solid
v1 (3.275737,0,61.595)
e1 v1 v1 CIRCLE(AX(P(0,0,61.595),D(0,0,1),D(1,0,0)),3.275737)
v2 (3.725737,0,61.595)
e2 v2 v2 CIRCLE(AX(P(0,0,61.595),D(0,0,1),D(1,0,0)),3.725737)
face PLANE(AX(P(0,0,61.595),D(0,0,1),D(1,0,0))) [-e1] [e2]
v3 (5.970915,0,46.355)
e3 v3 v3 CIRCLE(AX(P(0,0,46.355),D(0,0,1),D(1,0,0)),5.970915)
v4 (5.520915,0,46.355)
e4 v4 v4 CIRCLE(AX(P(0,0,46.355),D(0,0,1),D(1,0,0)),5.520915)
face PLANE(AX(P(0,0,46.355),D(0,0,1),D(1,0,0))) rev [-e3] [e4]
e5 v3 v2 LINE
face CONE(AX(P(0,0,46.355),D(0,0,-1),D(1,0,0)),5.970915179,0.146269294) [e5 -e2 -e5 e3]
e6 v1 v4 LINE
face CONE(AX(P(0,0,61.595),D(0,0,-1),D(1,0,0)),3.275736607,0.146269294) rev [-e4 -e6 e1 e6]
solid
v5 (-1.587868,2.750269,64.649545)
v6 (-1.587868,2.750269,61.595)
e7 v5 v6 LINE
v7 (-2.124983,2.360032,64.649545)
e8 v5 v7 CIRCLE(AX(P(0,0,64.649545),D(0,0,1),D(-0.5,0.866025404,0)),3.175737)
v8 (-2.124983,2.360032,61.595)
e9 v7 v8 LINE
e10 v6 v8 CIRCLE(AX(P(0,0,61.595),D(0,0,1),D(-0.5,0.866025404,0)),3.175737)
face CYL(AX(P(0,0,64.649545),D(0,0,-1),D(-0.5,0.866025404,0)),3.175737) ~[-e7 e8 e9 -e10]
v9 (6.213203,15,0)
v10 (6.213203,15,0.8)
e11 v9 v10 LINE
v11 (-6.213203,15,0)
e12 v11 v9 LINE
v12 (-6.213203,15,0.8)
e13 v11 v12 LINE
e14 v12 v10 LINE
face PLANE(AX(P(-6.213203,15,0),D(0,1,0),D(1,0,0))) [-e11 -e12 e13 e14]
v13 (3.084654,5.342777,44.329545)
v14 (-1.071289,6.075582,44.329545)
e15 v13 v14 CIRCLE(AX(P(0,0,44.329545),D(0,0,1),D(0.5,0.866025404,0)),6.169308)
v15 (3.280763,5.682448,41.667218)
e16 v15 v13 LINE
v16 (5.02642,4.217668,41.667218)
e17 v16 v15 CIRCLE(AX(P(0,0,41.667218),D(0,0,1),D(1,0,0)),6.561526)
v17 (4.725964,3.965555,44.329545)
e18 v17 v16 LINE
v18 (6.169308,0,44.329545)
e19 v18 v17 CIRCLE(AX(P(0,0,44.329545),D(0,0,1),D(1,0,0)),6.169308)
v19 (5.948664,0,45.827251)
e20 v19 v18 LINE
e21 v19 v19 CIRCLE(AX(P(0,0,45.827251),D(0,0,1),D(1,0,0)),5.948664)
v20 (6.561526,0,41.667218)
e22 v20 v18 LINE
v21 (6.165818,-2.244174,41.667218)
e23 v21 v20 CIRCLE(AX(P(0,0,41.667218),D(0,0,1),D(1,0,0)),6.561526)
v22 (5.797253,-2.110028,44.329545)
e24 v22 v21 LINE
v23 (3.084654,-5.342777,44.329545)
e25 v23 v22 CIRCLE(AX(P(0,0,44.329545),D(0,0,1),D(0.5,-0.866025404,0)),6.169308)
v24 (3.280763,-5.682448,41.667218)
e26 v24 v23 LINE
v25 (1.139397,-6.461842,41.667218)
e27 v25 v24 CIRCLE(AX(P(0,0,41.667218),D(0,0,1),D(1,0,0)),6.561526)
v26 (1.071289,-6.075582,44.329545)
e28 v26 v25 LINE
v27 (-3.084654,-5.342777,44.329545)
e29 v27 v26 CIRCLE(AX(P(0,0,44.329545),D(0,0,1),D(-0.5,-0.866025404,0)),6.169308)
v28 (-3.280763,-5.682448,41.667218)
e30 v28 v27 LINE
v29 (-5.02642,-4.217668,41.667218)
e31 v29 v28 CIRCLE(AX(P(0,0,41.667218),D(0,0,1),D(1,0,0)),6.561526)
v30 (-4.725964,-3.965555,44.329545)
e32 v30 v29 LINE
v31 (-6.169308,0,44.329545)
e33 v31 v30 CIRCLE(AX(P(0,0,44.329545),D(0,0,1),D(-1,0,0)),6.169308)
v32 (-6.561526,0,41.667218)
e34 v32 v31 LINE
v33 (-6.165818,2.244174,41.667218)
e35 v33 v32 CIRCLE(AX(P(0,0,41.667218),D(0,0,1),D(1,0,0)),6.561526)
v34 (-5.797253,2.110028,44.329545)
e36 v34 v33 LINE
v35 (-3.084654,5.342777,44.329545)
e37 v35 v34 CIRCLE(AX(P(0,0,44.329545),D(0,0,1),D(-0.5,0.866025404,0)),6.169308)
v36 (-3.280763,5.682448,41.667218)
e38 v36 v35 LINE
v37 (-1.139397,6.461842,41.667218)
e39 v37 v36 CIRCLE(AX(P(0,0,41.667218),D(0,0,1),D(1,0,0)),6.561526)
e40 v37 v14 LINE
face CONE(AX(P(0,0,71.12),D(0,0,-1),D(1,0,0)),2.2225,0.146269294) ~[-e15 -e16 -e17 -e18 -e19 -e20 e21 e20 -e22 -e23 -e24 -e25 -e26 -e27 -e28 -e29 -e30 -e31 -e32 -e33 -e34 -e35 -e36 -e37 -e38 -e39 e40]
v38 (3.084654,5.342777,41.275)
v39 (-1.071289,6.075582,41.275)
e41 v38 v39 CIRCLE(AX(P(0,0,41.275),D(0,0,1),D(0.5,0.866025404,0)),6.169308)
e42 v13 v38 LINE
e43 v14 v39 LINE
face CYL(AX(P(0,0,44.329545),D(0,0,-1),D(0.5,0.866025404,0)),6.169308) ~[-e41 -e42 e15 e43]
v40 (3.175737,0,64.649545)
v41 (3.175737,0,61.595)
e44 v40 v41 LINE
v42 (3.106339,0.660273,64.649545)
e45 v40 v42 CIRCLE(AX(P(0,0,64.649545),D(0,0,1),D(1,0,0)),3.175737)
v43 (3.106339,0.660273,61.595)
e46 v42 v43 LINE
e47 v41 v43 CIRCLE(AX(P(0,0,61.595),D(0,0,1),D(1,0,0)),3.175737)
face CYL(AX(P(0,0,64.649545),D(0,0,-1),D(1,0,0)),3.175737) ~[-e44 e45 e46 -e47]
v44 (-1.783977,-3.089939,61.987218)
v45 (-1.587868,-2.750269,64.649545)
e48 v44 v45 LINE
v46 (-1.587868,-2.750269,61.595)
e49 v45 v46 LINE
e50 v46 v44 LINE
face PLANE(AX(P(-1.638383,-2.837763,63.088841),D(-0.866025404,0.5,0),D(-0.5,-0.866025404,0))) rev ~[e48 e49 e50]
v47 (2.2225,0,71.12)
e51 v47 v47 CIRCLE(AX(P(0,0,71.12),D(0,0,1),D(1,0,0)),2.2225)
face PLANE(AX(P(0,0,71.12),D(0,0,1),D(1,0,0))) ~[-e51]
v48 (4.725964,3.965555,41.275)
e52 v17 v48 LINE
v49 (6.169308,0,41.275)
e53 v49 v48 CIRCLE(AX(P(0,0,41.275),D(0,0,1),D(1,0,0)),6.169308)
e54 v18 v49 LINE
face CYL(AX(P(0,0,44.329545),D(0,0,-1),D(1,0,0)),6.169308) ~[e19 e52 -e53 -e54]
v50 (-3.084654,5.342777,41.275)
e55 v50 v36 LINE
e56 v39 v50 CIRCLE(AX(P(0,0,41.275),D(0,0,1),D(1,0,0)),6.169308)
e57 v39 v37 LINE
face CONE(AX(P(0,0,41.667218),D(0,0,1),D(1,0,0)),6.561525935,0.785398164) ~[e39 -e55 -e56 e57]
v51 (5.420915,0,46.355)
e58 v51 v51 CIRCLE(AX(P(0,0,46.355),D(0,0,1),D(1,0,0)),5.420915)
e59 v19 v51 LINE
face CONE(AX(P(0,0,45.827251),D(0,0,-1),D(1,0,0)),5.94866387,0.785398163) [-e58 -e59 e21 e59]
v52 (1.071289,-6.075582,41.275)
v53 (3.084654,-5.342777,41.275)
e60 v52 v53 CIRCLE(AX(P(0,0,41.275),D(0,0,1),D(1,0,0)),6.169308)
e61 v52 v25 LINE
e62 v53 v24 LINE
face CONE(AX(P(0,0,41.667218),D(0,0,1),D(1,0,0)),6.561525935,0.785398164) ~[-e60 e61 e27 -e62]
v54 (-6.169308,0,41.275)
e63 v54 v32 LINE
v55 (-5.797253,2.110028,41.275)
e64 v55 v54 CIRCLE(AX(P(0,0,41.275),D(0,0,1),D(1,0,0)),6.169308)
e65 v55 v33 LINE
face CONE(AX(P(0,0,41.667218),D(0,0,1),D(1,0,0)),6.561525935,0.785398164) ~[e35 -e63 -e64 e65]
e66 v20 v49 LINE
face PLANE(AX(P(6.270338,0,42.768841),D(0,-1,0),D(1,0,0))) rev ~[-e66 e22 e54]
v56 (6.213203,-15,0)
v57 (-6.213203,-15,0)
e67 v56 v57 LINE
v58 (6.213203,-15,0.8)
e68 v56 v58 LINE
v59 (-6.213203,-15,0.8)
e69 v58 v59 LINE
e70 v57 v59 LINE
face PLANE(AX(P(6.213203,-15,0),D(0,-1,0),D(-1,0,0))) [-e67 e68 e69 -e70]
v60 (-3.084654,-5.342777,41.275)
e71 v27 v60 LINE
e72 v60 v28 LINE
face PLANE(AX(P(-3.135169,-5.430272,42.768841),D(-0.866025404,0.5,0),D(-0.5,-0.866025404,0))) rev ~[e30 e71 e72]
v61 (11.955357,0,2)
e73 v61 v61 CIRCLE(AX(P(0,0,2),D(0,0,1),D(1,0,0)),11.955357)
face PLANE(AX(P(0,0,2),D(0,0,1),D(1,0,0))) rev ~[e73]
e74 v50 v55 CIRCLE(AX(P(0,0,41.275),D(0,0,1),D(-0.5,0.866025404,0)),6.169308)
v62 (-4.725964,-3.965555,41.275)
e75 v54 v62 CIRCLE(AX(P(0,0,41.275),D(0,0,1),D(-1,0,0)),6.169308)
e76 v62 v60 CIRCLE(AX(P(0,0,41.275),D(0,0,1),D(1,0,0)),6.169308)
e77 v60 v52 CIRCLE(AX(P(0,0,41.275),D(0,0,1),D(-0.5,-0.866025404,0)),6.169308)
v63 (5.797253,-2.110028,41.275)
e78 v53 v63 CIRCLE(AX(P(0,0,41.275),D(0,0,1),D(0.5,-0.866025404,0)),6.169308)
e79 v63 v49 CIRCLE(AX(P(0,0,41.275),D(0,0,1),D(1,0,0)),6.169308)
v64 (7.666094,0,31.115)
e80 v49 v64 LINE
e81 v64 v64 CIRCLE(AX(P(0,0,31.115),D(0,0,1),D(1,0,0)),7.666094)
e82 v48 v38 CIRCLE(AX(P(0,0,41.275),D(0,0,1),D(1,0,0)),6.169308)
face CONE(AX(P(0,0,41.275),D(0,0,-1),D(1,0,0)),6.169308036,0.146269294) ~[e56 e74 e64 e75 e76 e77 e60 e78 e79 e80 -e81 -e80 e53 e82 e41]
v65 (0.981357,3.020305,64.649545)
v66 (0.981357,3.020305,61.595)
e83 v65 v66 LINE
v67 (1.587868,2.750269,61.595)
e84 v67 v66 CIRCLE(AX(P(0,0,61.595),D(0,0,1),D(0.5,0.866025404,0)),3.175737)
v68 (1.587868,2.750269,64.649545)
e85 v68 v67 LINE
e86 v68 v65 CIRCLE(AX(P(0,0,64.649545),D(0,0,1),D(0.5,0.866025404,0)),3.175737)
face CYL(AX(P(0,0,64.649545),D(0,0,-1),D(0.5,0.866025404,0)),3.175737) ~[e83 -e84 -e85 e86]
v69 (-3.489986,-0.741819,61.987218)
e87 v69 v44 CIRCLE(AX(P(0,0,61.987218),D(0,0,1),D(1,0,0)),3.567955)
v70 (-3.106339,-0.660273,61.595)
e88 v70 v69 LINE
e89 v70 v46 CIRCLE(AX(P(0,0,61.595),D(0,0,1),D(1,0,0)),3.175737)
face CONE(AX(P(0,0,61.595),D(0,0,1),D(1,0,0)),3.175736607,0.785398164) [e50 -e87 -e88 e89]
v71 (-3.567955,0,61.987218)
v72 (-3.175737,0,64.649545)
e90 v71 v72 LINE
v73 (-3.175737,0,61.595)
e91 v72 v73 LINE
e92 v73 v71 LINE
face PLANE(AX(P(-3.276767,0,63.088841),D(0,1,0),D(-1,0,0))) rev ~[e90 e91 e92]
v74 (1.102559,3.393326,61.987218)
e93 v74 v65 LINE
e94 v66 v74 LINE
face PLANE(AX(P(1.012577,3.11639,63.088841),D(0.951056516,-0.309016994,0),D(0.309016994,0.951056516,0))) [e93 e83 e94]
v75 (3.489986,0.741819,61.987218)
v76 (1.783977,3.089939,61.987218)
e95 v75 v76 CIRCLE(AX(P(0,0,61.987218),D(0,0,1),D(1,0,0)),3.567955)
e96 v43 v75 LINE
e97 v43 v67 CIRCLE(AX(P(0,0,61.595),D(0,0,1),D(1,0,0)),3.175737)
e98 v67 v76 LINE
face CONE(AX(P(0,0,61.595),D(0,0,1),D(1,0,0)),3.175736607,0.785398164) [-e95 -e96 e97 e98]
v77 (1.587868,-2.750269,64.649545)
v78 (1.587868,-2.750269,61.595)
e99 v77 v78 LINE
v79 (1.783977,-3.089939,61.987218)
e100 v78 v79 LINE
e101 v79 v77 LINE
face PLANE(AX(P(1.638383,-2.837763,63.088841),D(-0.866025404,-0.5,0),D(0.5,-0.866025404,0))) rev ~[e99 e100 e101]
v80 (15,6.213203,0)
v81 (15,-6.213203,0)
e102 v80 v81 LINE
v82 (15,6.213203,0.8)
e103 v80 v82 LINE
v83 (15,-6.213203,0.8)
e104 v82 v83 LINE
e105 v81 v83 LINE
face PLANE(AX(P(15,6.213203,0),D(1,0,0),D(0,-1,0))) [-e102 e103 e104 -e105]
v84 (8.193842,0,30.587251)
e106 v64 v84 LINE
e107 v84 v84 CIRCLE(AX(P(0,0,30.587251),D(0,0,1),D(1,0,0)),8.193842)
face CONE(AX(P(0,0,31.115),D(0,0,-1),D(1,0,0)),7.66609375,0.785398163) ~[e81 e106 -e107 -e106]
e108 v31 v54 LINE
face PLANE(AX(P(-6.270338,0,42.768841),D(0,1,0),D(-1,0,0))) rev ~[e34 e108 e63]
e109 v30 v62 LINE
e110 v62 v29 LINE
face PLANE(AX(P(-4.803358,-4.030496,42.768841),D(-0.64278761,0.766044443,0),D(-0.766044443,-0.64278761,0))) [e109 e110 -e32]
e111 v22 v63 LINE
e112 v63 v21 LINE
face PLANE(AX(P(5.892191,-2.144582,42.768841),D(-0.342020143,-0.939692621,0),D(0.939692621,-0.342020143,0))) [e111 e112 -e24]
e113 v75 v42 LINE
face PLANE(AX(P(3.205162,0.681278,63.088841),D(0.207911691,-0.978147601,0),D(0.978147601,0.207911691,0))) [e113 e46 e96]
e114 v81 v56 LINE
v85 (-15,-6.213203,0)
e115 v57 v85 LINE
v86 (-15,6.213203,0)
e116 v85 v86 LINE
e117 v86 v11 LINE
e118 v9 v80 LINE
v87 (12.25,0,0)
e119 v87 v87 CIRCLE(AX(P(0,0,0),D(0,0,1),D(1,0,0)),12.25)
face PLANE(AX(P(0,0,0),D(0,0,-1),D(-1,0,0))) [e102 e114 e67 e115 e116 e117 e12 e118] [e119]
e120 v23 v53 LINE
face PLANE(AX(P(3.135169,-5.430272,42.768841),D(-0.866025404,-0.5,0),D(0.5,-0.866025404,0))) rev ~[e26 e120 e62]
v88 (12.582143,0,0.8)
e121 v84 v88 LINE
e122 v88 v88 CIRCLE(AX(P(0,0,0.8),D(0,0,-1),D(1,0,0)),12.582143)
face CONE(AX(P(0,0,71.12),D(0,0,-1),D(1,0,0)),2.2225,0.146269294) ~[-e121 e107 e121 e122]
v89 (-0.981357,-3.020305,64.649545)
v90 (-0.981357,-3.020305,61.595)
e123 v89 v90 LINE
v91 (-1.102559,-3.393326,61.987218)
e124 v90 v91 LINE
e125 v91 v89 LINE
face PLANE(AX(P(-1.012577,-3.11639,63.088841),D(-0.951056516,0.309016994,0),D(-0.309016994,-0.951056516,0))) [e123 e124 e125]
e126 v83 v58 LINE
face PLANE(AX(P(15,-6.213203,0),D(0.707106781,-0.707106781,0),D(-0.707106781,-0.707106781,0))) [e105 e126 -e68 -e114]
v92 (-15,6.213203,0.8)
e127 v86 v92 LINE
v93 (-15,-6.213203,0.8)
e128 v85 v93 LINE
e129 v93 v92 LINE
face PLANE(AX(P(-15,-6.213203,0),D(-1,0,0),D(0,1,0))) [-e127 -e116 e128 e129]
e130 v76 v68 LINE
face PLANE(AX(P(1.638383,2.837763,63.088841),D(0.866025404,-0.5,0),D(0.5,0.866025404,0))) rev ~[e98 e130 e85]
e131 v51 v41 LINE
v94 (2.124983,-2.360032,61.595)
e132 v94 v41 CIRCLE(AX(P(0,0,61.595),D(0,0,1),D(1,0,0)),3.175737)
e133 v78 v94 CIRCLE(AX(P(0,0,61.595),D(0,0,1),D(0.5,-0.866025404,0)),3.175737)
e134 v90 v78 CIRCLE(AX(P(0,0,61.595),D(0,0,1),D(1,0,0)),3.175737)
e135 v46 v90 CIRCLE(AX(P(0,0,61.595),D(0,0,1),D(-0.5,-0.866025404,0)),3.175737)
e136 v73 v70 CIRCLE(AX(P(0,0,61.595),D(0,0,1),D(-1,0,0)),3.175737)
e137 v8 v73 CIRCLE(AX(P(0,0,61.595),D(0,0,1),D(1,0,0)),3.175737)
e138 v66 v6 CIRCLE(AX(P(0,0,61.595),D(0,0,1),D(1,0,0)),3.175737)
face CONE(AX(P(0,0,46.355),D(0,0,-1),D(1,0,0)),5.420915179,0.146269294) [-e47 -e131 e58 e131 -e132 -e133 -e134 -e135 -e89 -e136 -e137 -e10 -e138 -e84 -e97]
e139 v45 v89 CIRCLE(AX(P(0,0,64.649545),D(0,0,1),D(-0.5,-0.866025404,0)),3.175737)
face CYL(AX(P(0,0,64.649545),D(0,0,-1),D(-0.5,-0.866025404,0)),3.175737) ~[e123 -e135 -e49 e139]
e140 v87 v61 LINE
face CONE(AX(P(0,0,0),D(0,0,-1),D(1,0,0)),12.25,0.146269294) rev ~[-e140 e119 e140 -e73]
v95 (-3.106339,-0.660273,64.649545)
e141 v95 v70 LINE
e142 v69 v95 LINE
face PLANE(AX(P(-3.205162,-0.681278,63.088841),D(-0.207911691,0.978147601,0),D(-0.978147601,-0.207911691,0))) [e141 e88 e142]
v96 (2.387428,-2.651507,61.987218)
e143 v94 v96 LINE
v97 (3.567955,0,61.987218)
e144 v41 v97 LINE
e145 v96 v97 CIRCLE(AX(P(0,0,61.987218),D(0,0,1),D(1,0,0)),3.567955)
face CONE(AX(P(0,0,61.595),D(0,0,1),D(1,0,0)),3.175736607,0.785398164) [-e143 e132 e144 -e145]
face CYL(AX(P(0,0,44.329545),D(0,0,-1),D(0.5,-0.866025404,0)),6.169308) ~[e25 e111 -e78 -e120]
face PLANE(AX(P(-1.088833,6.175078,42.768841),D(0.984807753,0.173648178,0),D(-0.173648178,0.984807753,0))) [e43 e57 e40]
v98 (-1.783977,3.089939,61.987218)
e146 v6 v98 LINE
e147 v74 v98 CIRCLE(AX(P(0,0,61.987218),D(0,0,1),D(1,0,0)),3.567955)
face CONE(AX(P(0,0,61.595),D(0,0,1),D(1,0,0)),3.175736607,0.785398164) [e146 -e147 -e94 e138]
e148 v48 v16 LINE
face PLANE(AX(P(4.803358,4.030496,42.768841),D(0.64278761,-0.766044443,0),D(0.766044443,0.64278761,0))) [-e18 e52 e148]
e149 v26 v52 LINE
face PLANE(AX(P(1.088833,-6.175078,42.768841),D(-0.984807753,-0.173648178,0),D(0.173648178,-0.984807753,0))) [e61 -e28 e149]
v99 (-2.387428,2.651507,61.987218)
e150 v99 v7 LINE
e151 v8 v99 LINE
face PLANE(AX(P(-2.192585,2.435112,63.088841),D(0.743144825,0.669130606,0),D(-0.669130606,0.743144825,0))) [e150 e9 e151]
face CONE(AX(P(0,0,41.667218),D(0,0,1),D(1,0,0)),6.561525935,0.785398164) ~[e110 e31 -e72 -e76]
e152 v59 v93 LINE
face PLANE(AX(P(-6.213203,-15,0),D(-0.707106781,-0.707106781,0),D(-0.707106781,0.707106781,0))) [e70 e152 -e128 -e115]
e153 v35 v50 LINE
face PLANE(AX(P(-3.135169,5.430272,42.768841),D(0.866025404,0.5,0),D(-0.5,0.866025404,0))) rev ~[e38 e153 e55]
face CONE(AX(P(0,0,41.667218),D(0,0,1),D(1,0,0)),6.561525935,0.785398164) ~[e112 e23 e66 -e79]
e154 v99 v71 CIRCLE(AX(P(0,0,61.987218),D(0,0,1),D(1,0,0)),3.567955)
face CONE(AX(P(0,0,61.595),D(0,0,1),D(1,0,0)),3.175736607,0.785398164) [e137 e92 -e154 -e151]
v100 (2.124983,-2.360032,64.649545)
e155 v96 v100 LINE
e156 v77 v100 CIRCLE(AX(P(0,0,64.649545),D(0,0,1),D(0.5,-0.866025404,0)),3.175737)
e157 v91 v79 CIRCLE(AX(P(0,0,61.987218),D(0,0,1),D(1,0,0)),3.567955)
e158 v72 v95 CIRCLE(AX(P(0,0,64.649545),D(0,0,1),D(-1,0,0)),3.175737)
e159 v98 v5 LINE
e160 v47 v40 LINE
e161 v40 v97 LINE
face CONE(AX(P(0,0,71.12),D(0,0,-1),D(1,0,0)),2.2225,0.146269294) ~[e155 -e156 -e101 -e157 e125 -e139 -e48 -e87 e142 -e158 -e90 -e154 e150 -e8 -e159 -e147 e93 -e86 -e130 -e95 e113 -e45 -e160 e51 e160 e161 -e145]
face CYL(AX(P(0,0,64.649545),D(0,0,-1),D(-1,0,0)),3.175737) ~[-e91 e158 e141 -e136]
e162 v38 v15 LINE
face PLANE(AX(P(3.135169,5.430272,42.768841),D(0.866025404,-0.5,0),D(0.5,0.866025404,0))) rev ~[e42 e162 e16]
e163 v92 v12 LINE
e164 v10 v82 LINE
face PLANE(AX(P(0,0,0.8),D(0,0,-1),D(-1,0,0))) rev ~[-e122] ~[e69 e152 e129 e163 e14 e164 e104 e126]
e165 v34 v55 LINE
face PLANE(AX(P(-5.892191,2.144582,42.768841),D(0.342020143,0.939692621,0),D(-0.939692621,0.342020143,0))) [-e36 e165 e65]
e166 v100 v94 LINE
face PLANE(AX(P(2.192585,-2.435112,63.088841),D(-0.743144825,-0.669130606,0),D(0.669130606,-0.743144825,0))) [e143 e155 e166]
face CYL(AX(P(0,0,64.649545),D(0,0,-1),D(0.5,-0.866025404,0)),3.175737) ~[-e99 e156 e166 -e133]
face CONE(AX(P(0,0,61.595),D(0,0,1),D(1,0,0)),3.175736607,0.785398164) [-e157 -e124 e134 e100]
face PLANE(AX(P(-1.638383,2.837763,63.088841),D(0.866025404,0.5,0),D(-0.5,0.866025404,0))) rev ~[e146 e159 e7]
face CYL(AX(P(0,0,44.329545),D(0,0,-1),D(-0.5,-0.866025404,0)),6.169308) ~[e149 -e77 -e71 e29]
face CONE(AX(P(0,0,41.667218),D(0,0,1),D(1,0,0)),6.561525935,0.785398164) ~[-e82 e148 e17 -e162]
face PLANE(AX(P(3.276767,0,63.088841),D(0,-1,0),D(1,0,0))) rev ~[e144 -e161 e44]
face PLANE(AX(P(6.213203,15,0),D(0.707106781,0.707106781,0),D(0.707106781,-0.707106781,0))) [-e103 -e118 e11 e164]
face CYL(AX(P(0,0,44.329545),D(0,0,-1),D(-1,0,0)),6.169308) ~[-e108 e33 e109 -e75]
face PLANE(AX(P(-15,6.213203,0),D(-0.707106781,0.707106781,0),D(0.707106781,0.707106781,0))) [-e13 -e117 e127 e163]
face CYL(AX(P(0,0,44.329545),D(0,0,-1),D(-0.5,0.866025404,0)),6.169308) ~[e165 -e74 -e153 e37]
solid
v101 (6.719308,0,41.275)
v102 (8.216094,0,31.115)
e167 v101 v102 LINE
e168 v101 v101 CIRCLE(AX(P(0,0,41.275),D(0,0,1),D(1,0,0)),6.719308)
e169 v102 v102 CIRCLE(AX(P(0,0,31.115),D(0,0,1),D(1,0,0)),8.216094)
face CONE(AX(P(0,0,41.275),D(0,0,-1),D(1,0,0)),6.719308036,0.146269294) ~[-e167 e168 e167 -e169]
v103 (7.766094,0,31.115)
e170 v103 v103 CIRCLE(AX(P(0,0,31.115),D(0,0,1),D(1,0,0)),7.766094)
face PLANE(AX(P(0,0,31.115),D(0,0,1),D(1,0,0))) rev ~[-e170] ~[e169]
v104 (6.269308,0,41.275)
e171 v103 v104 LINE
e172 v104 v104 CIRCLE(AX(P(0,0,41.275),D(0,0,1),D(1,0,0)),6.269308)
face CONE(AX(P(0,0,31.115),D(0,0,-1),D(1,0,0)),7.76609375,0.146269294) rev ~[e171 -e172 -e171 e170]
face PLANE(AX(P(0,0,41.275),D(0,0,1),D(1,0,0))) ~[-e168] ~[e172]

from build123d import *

# Parameters (mm, degrees)
GROOVE002_ANGLE       = 12
POLARPATTERN_COUNT    = 6
GROOVE003_ANGLE       = 40
POLARPATTERN001_COUNT = 6
PAD001_DEPTH          = 0.8


with BuildPart() as cone:
    # Sketch → Revolution003 (revolve)
    with BuildSketch(Plane.XZ):
        Polygon((12.7, 0), (0, 0), (0, 71.12), (2.2225, 71.12), align=None)
    revolve(axis=Axis((0, 0, 0), (0, 0, 1)))

    # Sketch004 → Groove (revolve, cut)
    with BuildSketch(Plane.XZ):
        Polygon((5.9486638697, 45.8272513089), (5.4209151786, 46.355), (3.1757366071, 61.595), (3.567954506, 61.9872178988), align=None)
    revolve(axis=Axis((0, 0, 0), (0, 0, 1)), mode=Mode.SUBTRACT)

    # Sketch007 → Groove001 (revolve, cut)
    with BuildSketch(Plane.XZ):
        Polygon((6.5615259346, 41.6672178988), (6.1693080357, 41.275), (7.66609375, 31.115), (8.1938424411, 30.5872513089), align=None)
    revolve(axis=Axis((0, 0, 0), (0, 0, 1)), mode=Mode.SUBTRACT)

    # Sketch008 → Groove002 (revolve, cut)
    with BuildSketch(Plane.XZ):
        Polygon((3.1757366071, 61.595), (3.567954506, 61.9872178988), (3.1757366071, 64.6495454545), align=None)
    groove002 = revolve(axis=Axis((0, 0, 0), (0, 0, 1)), revolution_arc=GROOVE002_ANGLE, mode=Mode.SUBTRACT)

    # PolarPattern: Groove002 ×6 about axis
    polarpattern_axis = Axis((0, 0, 0), (0, 0, 1))
    for i in range(1, POLARPATTERN_COUNT):
        add(groove002.rotate(polarpattern_axis, i * 360 / POLARPATTERN_COUNT), mode=Mode.SUBTRACT)

    # Sketch009 → Groove003 (revolve, cut)
    with BuildSketch(Plane.XZ):
        Polygon((6.1693080357, 41.275), (6.5615259346, 41.6672178988), (6.1693080357, 44.3295454545), align=None)
    groove003 = revolve(axis=Axis((0, 0, 0), (0, 0, 1)), revolution_arc=GROOVE003_ANGLE, mode=Mode.SUBTRACT)

    # PolarPattern001: Groove003 ×6 about axis
    polarpattern001_axis = Axis((0, 0, 0), (0, 0, 1))
    for i in range(1, POLARPATTERN001_COUNT):
        add(groove003.rotate(polarpattern001_axis, i * 360 / POLARPATTERN001_COUNT), mode=Mode.SUBTRACT)

    # Sketch011 → Pad001 (new body)
    with BuildSketch(Plane.XY):
        Polygon((-6.2132034356, 15), (6.2132034356, 15), (15, 6.2132034356), (15, -6.2132034356), (6.2132034356, -15), (-6.2132034356, -15), (-15, -6.2132034356), (-15, 6.2132034356), align=None)
    extrude(amount=PAD001_DEPTH)

    # Sketch012 → Groove004 (revolve, cut)
    with BuildSketch(Plane.XZ):
        Polygon((12.25, 0), (11.9553571429, 2), (0, 2), (0, 0), align=None)
    revolve(axis=Axis((0, 0, 0), (0, 0, 1)), mode=Mode.SUBTRACT)


with BuildPart() as topband:
    # Sketch010 → Revolution (revolve)
    with BuildSketch(Plane.XZ):
        Polygon((3.2757366071, 61.595), (5.5209151786, 46.355), (5.9709151786, 46.355), (3.7257366071, 61.595), align=None)
    revolve(axis=Axis((0, 0, 0), (0, 0, 1)))


with BuildPart() as bottomband:
    # Sketch002 → Revolution002 (revolve)
    with BuildSketch(Plane.XZ):
        Polygon((6.2693080357, 41.275), (6.7193080357, 41.275), (8.21609375, 31.115), (7.76609375, 31.115), align=None)
    revolve(axis=Axis((0, 0, 0), (0, 0, 1)))


solid = Compound([cone.part, topband.part, bottomband.part])
